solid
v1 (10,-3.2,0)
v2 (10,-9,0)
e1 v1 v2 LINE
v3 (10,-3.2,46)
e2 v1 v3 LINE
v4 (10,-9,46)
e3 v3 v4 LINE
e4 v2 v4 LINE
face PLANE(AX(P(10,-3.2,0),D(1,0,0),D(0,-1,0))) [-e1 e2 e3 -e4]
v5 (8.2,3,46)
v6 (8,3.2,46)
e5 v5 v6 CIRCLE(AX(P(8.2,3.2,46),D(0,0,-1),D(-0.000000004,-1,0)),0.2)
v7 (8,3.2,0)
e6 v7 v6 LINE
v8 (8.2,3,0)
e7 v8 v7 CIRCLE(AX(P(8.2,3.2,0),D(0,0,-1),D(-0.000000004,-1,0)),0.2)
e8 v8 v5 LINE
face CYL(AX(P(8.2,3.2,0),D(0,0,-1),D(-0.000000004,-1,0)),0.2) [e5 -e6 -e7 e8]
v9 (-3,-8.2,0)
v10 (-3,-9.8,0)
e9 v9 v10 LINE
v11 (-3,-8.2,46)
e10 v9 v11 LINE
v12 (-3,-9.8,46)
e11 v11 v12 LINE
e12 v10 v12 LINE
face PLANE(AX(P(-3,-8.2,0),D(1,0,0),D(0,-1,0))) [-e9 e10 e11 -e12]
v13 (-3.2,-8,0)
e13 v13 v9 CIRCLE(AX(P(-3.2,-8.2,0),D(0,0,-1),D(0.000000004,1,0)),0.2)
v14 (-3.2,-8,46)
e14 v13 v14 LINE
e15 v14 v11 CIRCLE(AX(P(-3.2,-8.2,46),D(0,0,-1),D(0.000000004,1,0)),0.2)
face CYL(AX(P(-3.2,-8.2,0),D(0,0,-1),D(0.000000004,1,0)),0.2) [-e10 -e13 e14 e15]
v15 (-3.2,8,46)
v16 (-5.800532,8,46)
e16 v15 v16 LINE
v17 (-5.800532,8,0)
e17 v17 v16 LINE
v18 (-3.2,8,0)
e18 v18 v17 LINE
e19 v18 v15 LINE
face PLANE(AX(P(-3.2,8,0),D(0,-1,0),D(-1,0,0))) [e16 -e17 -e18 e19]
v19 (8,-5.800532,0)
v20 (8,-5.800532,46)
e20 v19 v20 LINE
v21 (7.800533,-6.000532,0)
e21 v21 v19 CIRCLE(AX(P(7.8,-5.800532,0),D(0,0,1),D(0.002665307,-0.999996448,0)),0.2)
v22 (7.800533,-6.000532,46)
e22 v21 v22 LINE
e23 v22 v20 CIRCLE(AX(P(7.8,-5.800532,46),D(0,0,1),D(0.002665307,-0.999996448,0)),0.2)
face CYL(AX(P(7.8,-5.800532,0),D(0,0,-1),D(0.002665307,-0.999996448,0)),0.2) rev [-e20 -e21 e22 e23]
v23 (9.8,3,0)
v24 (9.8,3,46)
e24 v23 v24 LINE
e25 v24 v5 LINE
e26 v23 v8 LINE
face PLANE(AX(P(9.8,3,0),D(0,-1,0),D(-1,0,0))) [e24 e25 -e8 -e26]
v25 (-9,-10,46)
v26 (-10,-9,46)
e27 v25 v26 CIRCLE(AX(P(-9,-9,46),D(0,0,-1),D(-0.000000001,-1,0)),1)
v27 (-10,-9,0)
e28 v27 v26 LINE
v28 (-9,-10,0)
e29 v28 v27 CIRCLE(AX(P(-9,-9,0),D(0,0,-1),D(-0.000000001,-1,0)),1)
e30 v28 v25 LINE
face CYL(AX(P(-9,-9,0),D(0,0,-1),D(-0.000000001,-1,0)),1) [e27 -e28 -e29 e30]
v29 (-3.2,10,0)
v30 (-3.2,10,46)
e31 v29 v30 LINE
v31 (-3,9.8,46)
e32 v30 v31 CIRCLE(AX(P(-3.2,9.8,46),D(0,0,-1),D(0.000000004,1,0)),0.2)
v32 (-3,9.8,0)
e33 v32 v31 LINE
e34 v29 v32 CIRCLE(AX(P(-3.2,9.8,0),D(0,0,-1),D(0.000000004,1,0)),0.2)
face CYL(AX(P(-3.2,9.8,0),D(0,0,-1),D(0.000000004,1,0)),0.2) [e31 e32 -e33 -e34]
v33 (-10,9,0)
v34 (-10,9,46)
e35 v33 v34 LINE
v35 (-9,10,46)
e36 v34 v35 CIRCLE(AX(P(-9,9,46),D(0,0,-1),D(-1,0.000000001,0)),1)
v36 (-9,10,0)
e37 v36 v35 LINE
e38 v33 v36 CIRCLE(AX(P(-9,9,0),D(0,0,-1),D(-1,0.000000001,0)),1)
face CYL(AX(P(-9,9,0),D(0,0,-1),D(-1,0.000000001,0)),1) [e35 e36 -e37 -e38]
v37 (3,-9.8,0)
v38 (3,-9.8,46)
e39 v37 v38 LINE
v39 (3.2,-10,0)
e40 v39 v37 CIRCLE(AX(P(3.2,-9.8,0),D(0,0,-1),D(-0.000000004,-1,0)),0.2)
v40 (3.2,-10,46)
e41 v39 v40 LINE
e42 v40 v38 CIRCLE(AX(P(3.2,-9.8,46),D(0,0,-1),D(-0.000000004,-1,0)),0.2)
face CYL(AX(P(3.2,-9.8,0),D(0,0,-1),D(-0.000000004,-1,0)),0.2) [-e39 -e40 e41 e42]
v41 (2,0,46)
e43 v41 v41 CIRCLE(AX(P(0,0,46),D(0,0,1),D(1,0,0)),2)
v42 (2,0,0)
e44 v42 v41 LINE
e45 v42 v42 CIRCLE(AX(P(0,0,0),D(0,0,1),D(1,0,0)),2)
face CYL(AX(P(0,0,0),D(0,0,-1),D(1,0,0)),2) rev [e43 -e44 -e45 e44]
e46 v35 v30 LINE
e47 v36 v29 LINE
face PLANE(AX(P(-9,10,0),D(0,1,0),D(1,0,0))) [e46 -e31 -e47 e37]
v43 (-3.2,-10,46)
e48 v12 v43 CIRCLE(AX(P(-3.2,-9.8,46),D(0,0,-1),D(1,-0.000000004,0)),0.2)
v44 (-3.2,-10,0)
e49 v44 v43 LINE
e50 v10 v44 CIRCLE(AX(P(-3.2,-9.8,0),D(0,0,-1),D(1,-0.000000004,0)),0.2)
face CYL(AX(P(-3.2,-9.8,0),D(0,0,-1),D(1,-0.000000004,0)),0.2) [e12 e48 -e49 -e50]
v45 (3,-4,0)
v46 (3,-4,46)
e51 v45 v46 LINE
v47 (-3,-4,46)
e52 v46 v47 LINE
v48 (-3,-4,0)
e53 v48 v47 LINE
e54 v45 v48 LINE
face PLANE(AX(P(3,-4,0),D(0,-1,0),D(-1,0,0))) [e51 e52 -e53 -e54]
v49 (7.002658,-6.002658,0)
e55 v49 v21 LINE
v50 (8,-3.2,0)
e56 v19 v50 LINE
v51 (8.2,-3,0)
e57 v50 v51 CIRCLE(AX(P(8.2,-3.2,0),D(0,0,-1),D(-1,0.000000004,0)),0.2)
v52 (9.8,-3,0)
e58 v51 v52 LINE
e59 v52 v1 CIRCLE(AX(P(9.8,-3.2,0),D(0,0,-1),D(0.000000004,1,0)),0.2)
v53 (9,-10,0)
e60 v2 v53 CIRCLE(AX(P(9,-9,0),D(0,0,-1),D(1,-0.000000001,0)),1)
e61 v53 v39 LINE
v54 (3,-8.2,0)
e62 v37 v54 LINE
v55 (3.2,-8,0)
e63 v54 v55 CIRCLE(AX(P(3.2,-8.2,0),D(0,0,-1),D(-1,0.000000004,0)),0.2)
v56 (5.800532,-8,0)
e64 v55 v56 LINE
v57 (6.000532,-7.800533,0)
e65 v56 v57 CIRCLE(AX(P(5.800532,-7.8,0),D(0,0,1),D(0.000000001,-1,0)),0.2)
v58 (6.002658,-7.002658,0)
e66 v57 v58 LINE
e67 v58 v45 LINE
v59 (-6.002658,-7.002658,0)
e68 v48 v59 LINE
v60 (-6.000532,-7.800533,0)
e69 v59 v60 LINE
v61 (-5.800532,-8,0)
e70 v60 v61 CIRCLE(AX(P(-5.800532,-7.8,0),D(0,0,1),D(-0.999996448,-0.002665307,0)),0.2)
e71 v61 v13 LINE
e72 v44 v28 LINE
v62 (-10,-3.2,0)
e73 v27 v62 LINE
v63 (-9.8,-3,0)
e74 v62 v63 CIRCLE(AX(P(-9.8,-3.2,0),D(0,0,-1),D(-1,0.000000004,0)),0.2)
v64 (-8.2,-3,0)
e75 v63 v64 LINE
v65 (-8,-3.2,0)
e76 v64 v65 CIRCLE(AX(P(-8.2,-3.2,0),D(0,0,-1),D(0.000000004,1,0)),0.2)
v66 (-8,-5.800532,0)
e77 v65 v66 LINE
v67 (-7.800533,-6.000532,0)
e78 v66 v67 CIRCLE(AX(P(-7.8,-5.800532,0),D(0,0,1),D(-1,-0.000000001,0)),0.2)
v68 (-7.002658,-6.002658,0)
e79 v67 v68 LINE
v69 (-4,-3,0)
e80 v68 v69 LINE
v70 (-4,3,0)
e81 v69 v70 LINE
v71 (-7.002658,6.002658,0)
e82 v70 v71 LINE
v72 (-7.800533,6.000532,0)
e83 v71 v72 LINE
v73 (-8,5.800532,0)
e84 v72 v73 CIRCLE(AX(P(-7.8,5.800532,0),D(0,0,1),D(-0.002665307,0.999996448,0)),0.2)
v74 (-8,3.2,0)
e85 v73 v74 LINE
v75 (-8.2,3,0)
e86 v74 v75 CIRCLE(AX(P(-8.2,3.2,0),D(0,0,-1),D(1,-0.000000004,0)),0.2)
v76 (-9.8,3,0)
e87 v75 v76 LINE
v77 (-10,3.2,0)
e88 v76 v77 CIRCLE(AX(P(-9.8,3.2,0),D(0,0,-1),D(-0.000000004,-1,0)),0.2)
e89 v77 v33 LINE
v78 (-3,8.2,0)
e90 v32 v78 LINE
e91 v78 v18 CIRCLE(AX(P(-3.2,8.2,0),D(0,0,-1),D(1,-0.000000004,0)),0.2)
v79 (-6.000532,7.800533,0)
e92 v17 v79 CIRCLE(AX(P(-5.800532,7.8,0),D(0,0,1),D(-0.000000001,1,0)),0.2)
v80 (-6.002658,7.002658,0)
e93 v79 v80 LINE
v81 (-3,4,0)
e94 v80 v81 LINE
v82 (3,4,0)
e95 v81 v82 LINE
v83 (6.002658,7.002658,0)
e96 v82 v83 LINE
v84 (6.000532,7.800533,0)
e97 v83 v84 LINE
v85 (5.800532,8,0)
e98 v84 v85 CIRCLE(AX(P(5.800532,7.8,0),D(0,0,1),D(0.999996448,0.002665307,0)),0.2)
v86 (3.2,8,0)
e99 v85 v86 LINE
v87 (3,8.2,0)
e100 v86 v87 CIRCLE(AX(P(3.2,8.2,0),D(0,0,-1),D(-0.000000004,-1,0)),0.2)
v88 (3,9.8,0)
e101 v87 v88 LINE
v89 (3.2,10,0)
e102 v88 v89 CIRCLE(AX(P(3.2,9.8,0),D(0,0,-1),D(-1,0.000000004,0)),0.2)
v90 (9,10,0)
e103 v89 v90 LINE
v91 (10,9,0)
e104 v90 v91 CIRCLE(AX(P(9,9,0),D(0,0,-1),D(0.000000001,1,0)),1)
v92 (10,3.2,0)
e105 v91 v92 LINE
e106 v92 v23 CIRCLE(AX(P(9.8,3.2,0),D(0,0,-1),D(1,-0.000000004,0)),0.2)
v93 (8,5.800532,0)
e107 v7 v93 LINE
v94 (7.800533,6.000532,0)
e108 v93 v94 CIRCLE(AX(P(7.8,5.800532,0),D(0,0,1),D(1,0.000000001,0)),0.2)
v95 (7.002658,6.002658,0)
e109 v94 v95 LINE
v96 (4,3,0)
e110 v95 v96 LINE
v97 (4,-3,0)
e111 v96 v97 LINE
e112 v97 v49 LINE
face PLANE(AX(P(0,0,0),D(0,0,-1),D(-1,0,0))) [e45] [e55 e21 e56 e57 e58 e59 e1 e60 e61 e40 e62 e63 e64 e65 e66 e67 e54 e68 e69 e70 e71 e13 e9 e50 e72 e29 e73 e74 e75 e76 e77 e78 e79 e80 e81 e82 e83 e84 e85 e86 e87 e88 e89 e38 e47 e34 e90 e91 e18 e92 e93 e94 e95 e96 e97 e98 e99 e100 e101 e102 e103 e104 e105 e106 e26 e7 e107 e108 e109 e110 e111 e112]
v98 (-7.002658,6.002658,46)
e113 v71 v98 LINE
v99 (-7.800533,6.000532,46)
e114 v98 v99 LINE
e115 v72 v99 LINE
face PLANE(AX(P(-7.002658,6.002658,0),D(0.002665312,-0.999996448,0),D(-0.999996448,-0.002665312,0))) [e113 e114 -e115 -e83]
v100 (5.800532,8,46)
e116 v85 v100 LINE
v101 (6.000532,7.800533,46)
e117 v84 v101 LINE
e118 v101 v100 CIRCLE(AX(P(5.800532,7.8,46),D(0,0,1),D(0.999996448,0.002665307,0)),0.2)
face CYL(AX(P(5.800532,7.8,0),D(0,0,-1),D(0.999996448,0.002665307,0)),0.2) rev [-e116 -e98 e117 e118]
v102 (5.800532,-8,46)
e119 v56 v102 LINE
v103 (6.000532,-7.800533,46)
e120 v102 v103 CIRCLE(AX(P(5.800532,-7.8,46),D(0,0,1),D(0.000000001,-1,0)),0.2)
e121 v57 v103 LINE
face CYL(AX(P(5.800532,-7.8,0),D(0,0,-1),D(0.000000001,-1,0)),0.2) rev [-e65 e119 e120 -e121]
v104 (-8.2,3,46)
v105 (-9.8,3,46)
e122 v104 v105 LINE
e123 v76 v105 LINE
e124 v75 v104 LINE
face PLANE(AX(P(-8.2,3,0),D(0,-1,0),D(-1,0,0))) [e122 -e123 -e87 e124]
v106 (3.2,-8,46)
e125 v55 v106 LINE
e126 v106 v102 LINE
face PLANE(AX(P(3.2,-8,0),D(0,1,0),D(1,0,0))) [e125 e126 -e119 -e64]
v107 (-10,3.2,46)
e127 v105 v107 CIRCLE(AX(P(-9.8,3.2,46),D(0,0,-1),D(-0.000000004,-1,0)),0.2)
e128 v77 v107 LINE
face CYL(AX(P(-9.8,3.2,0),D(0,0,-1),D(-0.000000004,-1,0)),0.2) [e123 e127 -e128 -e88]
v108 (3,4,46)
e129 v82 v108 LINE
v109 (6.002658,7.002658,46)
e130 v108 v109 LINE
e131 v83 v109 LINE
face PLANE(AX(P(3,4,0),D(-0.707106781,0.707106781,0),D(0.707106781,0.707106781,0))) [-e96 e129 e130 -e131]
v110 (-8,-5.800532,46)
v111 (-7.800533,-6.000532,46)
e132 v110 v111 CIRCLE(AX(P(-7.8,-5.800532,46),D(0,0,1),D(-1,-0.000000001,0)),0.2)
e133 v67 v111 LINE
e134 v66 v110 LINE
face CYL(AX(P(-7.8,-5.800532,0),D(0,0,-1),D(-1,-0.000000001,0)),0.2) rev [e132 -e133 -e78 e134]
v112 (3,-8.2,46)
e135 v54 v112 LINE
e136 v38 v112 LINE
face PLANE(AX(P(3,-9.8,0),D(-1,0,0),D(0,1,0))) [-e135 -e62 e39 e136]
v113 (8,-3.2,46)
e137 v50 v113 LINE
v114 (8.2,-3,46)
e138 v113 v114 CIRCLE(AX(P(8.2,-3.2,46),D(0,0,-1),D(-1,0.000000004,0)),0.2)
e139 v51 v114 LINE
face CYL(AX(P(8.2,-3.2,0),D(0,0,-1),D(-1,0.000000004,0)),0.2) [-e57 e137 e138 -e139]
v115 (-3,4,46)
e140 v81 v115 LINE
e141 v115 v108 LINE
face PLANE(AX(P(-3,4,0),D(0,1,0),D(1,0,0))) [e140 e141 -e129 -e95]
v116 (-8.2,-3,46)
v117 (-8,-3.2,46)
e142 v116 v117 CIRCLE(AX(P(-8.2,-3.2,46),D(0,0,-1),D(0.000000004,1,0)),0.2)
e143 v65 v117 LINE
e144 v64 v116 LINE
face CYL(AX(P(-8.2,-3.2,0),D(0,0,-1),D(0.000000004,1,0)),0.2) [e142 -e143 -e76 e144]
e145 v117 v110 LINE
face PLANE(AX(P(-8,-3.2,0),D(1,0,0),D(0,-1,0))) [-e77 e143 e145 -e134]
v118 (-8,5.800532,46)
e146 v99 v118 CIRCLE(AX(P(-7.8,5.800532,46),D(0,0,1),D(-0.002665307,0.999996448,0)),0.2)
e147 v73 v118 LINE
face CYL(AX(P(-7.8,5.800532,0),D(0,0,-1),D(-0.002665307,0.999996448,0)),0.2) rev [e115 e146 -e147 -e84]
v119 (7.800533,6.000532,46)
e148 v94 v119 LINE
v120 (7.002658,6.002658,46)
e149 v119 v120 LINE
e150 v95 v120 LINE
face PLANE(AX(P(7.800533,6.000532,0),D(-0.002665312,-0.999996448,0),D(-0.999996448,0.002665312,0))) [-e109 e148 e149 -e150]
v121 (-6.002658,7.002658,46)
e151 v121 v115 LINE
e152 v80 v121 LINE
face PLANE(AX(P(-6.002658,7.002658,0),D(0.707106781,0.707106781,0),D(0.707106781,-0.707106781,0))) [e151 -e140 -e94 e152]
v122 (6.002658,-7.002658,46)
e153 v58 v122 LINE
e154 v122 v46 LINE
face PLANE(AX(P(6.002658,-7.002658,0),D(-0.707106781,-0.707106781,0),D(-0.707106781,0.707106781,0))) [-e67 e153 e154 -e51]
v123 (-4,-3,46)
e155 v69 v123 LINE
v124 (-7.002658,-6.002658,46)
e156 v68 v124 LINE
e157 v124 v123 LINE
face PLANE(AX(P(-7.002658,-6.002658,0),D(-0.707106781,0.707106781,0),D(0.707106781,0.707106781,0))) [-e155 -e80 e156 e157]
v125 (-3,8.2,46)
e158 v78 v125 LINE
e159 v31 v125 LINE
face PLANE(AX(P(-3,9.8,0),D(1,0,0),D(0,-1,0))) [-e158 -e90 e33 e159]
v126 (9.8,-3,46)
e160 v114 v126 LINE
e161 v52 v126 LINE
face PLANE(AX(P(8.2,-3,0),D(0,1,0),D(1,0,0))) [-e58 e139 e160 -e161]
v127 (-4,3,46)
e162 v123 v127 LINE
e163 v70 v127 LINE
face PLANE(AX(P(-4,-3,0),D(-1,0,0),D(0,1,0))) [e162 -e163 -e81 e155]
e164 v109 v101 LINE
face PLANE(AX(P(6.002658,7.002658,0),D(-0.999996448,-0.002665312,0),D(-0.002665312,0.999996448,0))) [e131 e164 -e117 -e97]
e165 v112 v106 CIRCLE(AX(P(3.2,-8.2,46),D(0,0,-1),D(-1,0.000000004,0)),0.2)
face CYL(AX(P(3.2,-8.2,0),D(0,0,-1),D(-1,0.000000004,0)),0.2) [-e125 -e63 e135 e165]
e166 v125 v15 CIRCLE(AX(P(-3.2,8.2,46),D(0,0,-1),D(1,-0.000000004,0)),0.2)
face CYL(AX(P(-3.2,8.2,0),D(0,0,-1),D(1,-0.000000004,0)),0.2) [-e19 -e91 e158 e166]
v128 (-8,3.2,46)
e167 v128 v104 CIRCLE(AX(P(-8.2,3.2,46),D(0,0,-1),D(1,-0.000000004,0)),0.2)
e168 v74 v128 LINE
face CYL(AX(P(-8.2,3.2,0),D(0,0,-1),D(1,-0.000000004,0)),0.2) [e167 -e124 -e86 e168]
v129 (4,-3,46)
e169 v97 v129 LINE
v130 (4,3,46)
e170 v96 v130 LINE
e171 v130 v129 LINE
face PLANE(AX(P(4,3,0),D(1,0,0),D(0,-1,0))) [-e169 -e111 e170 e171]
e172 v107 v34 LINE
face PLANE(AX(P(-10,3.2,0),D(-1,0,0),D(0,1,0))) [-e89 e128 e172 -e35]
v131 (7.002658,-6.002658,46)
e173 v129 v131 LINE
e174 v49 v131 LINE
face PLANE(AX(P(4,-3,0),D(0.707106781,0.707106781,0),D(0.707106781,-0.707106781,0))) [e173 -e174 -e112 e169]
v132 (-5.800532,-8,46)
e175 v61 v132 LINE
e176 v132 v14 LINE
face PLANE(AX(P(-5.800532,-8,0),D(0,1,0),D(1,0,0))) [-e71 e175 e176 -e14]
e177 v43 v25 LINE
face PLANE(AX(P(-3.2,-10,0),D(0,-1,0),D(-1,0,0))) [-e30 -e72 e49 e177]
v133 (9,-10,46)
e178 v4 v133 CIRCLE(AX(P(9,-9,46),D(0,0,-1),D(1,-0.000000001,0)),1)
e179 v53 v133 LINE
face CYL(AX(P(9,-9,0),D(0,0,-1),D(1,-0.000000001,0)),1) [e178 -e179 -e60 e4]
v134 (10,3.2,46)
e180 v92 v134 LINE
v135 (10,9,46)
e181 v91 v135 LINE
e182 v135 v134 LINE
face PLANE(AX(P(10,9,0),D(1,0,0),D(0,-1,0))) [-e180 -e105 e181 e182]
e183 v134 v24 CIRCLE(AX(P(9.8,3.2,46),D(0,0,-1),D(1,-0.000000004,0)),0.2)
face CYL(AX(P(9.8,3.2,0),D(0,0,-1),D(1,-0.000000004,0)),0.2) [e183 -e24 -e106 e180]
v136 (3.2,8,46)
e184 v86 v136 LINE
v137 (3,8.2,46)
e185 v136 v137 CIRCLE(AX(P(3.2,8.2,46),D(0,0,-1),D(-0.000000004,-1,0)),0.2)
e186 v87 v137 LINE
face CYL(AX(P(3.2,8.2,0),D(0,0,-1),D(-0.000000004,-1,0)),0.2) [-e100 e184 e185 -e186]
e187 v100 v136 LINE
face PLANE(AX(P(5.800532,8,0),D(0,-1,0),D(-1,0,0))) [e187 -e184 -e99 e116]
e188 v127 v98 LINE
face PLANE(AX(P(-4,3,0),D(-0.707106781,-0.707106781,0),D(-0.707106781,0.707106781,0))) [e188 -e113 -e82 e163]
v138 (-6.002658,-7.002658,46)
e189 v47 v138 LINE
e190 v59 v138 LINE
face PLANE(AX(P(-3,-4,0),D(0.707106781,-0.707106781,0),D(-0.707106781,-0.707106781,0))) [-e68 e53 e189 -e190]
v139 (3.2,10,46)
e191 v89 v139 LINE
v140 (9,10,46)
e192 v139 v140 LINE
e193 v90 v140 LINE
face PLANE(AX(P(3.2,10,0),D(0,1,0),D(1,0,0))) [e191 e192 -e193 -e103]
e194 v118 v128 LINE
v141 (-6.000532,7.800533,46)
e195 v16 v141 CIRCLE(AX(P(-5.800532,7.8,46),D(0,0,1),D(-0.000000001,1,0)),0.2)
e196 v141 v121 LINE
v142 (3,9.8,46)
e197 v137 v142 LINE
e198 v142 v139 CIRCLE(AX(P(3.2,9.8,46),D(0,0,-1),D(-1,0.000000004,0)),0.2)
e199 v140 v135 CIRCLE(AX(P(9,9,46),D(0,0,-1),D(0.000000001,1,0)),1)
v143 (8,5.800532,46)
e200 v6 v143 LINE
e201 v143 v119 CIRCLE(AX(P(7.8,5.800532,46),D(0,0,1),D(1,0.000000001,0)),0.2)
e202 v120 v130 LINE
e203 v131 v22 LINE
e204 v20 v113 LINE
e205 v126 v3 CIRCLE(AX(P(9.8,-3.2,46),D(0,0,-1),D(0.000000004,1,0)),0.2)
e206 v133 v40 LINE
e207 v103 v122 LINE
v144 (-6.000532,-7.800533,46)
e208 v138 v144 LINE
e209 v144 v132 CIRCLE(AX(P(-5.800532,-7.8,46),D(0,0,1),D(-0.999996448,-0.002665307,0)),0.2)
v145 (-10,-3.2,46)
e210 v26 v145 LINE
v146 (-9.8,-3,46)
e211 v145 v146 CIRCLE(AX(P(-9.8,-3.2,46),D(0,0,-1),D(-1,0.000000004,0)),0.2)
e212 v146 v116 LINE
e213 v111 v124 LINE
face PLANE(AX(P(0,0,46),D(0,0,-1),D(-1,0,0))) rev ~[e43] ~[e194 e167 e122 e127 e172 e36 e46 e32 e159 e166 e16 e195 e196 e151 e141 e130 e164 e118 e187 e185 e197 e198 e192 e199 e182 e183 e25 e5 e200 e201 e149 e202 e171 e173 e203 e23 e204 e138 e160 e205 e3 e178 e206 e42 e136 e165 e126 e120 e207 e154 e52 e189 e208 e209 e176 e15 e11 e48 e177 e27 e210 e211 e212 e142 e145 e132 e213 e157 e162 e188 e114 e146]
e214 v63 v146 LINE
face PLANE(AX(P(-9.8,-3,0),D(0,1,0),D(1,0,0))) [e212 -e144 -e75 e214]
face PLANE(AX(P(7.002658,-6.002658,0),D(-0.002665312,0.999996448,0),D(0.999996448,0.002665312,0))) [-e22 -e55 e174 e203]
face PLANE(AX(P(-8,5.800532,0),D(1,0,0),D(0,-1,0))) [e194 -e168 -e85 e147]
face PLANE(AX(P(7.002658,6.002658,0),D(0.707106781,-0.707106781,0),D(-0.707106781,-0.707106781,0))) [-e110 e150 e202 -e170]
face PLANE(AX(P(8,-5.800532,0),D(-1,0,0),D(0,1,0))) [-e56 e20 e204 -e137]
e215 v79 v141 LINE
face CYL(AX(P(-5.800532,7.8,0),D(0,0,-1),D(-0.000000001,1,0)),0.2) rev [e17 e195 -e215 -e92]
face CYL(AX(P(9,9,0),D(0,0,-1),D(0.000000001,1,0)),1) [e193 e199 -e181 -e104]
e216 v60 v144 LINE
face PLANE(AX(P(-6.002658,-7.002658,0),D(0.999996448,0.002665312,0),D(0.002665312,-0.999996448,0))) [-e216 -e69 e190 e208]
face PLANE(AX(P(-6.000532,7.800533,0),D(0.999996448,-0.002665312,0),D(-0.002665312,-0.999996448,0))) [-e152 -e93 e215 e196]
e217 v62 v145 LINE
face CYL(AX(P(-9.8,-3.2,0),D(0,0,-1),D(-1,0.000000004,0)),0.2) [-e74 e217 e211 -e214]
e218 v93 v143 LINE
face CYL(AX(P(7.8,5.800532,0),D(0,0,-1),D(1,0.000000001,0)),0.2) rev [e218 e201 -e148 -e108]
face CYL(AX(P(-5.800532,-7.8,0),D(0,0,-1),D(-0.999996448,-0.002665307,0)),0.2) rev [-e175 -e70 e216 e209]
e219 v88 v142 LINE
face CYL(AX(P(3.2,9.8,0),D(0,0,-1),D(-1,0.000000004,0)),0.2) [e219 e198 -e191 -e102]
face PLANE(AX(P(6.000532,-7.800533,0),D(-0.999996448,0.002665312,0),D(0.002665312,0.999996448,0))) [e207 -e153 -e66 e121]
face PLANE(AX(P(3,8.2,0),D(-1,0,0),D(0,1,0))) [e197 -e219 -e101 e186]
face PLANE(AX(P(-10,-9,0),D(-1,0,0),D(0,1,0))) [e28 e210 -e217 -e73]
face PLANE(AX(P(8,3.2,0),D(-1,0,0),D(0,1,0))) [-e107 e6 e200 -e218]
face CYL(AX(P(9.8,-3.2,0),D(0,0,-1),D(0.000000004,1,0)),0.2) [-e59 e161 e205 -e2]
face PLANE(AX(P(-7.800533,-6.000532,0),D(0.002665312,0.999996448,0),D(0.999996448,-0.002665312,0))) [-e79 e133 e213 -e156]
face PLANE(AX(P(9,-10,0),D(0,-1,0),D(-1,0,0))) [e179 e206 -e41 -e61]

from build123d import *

# Parameters (mm, degrees)
SKETCH1_R           = 2
BOSS_EXTRUDE1_DEPTH = 46


with BuildPart() as part:
    # Sketch1 → Boss-Extrude1 (new body)
    with BuildSketch(Plane.XY):
        with BuildLine():
            Line((-3.2, 8), (-5.800532354, 8))
            ThreePointArc((-5.800532354, 8), (-5.941765118, 7.941609697), (-6.000531643, 7.800533062))
            Line((-6.000531643, 7.800533062), (-6.002658236, 7.002658236))
            Line((-6.002658236, 7.002658236), (-3, 4))
            Line((-3, 4), (3, 4))
            Line((3, 4), (6.002658236, 7.002658236))
            Line((6.002658236, 7.002658236), (6.000531643, 7.800533062))
            ThreePointArc((6.000531643, 7.800533062), (5.941765118, 7.941609697), (5.800532354, 8))
            Line((5.800532354, 8), (3.2, 8))
            ThreePointArc((3.2, 8), (3.058578644, 8.058578644), (3, 8.2))
            Line((3, 8.2), (3, 9.8))
            ThreePointArc((3, 9.8), (3.058578644, 9.941421356), (3.2, 10))
            Line((3.2, 10), (9, 10))
            ThreePointArc((9, 10), (9.707106781, 9.707106781), (10, 9))
            Line((10, 9), (10, 3.2))
            ThreePointArc((10, 3.2), (9.941421356, 3.058578644), (9.8, 3))
            Line((9.8, 3), (8.2, 3))
            ThreePointArc((8.2, 3), (8.058578644, 3.058578644), (8, 3.2))
            Line((8, 3.2), (8, 5.800532354))
            ThreePointArc((8, 5.800532354), (7.941609697, 5.941765118), (7.800533062, 6.000531643))
            Line((7.800533062, 6.000531643), (7.002658236, 6.002658236))
            Line((7.002658236, 6.002658236), (4, 3))
            Line((4, 3), (4, -3))
            Line((4, -3), (7.002658236, -6.002658236))
            Line((7.002658236, -6.002658236), (7.800533062, -6.000531643))
            ThreePointArc((7.800533062, -6.000531643), (7.941609697, -5.941765118), (8, -5.800532354))
            Line((8, -5.800532354), (8, -3.2))
            ThreePointArc((8, -3.2), (8.058578644, -3.058578644), (8.2, -3))
            Line((8.2, -3), (9.8, -3))
            ThreePointArc((9.8, -3), (9.941421356, -3.058578644), (10, -3.2))
            Line((10, -3.2), (10, -9))
            ThreePointArc((10, -9), (9.707106781, -9.707106781), (9, -10))
            Line((9, -10), (3.2, -10))
            ThreePointArc((3.2, -10), (3.058578644, -9.941421356), (3, -9.8))
            Line((3, -9.8), (3, -8.2))
            ThreePointArc((3, -8.2), (3.058578644, -8.058578644), (3.2, -8))
            Line((3.2, -8), (5.800532354, -8))
            ThreePointArc((5.800532354, -8), (5.941765118, -7.941609697), (6.000531643, -7.800533062))
            Line((6.000531643, -7.800533062), (6.002658236, -7.002658236))
            Line((6.002658236, -7.002658236), (3, -4))
            Line((3, -4), (-3, -4))
            Line((-3, -4), (-6.002658236, -7.002658236))
            Line((-6.002658236, -7.002658236), (-6.000531643, -7.800533062))
            ThreePointArc((-6.000531643, -7.800533062), (-5.941765118, -7.941609697), (-5.800532354, -8))
            Line((-5.800532354, -8), (-3.2, -8))
            ThreePointArc((-3.2, -8), (-3.058578644, -8.058578644), (-3, -8.2))
            Line((-3, -8.2), (-3, -9.8))
            ThreePointArc((-3, -9.8), (-3.058578644, -9.941421356), (-3.2, -10))
            Line((-3.2, -10), (-9, -10))
            ThreePointArc((-9, -10), (-9.707106781, -9.707106781), (-10, -9))
            Line((-10, -9), (-10, -3.2))
            ThreePointArc((-10, -3.2), (-9.941421356, -3.058578644), (-9.8, -3))
            Line((-9.8, -3), (-8.2, -3))
            ThreePointArc((-8.2, -3), (-8.058578644, -3.058578644), (-8, -3.2))
            Line((-8, -3.2), (-8, -5.800532354))
            ThreePointArc((-8, -5.800532354), (-7.941609697, -5.941765118), (-7.800533062, -6.000531643))
            Line((-7.800533062, -6.000531643), (-7.002658236, -6.002658236))
            Line((-7.002658236, -6.002658236), (-4, -3))
            Line((-4, -3), (-4, 3))
            Line((-4, 3), (-7.002658236, 6.002658236))
            Line((-7.002658236, 6.002658236), (-7.800533062, 6.000531643))
            ThreePointArc((-7.800533062, 6.000531643), (-7.941609697, 5.941765118), (-8, 5.800532354))
            Line((-8, 5.800532354), (-8, 3.2))
            ThreePointArc((-8, 3.2), (-8.058578644, 3.058578644), (-8.2, 3))
            Line((-8.2, 3), (-9.8, 3))
            ThreePointArc((-9.8, 3), (-9.941421356, 3.058578644), (-10, 3.2))
            Line((-10, 3.2), (-10, 9))
            ThreePointArc((-10, 9), (-9.707106781, 9.707106781), (-9, 10))
            Line((-9, 10), (-3.2, 10))
            ThreePointArc((-3.2, 10), (-3.058578644, 9.941421356), (-3, 9.8))
            Line((-3, 9.8), (-3, 8.2))
            ThreePointArc((-3, 8.2), (-3.058578644, 8.058578644), (-3.2, 8))
        make_face()
        Circle(SKETCH1_R, mode=Mode.SUBTRACT)
    extrude(amount=BOSS_EXTRUDE1_DEPTH)


solid = part.part
